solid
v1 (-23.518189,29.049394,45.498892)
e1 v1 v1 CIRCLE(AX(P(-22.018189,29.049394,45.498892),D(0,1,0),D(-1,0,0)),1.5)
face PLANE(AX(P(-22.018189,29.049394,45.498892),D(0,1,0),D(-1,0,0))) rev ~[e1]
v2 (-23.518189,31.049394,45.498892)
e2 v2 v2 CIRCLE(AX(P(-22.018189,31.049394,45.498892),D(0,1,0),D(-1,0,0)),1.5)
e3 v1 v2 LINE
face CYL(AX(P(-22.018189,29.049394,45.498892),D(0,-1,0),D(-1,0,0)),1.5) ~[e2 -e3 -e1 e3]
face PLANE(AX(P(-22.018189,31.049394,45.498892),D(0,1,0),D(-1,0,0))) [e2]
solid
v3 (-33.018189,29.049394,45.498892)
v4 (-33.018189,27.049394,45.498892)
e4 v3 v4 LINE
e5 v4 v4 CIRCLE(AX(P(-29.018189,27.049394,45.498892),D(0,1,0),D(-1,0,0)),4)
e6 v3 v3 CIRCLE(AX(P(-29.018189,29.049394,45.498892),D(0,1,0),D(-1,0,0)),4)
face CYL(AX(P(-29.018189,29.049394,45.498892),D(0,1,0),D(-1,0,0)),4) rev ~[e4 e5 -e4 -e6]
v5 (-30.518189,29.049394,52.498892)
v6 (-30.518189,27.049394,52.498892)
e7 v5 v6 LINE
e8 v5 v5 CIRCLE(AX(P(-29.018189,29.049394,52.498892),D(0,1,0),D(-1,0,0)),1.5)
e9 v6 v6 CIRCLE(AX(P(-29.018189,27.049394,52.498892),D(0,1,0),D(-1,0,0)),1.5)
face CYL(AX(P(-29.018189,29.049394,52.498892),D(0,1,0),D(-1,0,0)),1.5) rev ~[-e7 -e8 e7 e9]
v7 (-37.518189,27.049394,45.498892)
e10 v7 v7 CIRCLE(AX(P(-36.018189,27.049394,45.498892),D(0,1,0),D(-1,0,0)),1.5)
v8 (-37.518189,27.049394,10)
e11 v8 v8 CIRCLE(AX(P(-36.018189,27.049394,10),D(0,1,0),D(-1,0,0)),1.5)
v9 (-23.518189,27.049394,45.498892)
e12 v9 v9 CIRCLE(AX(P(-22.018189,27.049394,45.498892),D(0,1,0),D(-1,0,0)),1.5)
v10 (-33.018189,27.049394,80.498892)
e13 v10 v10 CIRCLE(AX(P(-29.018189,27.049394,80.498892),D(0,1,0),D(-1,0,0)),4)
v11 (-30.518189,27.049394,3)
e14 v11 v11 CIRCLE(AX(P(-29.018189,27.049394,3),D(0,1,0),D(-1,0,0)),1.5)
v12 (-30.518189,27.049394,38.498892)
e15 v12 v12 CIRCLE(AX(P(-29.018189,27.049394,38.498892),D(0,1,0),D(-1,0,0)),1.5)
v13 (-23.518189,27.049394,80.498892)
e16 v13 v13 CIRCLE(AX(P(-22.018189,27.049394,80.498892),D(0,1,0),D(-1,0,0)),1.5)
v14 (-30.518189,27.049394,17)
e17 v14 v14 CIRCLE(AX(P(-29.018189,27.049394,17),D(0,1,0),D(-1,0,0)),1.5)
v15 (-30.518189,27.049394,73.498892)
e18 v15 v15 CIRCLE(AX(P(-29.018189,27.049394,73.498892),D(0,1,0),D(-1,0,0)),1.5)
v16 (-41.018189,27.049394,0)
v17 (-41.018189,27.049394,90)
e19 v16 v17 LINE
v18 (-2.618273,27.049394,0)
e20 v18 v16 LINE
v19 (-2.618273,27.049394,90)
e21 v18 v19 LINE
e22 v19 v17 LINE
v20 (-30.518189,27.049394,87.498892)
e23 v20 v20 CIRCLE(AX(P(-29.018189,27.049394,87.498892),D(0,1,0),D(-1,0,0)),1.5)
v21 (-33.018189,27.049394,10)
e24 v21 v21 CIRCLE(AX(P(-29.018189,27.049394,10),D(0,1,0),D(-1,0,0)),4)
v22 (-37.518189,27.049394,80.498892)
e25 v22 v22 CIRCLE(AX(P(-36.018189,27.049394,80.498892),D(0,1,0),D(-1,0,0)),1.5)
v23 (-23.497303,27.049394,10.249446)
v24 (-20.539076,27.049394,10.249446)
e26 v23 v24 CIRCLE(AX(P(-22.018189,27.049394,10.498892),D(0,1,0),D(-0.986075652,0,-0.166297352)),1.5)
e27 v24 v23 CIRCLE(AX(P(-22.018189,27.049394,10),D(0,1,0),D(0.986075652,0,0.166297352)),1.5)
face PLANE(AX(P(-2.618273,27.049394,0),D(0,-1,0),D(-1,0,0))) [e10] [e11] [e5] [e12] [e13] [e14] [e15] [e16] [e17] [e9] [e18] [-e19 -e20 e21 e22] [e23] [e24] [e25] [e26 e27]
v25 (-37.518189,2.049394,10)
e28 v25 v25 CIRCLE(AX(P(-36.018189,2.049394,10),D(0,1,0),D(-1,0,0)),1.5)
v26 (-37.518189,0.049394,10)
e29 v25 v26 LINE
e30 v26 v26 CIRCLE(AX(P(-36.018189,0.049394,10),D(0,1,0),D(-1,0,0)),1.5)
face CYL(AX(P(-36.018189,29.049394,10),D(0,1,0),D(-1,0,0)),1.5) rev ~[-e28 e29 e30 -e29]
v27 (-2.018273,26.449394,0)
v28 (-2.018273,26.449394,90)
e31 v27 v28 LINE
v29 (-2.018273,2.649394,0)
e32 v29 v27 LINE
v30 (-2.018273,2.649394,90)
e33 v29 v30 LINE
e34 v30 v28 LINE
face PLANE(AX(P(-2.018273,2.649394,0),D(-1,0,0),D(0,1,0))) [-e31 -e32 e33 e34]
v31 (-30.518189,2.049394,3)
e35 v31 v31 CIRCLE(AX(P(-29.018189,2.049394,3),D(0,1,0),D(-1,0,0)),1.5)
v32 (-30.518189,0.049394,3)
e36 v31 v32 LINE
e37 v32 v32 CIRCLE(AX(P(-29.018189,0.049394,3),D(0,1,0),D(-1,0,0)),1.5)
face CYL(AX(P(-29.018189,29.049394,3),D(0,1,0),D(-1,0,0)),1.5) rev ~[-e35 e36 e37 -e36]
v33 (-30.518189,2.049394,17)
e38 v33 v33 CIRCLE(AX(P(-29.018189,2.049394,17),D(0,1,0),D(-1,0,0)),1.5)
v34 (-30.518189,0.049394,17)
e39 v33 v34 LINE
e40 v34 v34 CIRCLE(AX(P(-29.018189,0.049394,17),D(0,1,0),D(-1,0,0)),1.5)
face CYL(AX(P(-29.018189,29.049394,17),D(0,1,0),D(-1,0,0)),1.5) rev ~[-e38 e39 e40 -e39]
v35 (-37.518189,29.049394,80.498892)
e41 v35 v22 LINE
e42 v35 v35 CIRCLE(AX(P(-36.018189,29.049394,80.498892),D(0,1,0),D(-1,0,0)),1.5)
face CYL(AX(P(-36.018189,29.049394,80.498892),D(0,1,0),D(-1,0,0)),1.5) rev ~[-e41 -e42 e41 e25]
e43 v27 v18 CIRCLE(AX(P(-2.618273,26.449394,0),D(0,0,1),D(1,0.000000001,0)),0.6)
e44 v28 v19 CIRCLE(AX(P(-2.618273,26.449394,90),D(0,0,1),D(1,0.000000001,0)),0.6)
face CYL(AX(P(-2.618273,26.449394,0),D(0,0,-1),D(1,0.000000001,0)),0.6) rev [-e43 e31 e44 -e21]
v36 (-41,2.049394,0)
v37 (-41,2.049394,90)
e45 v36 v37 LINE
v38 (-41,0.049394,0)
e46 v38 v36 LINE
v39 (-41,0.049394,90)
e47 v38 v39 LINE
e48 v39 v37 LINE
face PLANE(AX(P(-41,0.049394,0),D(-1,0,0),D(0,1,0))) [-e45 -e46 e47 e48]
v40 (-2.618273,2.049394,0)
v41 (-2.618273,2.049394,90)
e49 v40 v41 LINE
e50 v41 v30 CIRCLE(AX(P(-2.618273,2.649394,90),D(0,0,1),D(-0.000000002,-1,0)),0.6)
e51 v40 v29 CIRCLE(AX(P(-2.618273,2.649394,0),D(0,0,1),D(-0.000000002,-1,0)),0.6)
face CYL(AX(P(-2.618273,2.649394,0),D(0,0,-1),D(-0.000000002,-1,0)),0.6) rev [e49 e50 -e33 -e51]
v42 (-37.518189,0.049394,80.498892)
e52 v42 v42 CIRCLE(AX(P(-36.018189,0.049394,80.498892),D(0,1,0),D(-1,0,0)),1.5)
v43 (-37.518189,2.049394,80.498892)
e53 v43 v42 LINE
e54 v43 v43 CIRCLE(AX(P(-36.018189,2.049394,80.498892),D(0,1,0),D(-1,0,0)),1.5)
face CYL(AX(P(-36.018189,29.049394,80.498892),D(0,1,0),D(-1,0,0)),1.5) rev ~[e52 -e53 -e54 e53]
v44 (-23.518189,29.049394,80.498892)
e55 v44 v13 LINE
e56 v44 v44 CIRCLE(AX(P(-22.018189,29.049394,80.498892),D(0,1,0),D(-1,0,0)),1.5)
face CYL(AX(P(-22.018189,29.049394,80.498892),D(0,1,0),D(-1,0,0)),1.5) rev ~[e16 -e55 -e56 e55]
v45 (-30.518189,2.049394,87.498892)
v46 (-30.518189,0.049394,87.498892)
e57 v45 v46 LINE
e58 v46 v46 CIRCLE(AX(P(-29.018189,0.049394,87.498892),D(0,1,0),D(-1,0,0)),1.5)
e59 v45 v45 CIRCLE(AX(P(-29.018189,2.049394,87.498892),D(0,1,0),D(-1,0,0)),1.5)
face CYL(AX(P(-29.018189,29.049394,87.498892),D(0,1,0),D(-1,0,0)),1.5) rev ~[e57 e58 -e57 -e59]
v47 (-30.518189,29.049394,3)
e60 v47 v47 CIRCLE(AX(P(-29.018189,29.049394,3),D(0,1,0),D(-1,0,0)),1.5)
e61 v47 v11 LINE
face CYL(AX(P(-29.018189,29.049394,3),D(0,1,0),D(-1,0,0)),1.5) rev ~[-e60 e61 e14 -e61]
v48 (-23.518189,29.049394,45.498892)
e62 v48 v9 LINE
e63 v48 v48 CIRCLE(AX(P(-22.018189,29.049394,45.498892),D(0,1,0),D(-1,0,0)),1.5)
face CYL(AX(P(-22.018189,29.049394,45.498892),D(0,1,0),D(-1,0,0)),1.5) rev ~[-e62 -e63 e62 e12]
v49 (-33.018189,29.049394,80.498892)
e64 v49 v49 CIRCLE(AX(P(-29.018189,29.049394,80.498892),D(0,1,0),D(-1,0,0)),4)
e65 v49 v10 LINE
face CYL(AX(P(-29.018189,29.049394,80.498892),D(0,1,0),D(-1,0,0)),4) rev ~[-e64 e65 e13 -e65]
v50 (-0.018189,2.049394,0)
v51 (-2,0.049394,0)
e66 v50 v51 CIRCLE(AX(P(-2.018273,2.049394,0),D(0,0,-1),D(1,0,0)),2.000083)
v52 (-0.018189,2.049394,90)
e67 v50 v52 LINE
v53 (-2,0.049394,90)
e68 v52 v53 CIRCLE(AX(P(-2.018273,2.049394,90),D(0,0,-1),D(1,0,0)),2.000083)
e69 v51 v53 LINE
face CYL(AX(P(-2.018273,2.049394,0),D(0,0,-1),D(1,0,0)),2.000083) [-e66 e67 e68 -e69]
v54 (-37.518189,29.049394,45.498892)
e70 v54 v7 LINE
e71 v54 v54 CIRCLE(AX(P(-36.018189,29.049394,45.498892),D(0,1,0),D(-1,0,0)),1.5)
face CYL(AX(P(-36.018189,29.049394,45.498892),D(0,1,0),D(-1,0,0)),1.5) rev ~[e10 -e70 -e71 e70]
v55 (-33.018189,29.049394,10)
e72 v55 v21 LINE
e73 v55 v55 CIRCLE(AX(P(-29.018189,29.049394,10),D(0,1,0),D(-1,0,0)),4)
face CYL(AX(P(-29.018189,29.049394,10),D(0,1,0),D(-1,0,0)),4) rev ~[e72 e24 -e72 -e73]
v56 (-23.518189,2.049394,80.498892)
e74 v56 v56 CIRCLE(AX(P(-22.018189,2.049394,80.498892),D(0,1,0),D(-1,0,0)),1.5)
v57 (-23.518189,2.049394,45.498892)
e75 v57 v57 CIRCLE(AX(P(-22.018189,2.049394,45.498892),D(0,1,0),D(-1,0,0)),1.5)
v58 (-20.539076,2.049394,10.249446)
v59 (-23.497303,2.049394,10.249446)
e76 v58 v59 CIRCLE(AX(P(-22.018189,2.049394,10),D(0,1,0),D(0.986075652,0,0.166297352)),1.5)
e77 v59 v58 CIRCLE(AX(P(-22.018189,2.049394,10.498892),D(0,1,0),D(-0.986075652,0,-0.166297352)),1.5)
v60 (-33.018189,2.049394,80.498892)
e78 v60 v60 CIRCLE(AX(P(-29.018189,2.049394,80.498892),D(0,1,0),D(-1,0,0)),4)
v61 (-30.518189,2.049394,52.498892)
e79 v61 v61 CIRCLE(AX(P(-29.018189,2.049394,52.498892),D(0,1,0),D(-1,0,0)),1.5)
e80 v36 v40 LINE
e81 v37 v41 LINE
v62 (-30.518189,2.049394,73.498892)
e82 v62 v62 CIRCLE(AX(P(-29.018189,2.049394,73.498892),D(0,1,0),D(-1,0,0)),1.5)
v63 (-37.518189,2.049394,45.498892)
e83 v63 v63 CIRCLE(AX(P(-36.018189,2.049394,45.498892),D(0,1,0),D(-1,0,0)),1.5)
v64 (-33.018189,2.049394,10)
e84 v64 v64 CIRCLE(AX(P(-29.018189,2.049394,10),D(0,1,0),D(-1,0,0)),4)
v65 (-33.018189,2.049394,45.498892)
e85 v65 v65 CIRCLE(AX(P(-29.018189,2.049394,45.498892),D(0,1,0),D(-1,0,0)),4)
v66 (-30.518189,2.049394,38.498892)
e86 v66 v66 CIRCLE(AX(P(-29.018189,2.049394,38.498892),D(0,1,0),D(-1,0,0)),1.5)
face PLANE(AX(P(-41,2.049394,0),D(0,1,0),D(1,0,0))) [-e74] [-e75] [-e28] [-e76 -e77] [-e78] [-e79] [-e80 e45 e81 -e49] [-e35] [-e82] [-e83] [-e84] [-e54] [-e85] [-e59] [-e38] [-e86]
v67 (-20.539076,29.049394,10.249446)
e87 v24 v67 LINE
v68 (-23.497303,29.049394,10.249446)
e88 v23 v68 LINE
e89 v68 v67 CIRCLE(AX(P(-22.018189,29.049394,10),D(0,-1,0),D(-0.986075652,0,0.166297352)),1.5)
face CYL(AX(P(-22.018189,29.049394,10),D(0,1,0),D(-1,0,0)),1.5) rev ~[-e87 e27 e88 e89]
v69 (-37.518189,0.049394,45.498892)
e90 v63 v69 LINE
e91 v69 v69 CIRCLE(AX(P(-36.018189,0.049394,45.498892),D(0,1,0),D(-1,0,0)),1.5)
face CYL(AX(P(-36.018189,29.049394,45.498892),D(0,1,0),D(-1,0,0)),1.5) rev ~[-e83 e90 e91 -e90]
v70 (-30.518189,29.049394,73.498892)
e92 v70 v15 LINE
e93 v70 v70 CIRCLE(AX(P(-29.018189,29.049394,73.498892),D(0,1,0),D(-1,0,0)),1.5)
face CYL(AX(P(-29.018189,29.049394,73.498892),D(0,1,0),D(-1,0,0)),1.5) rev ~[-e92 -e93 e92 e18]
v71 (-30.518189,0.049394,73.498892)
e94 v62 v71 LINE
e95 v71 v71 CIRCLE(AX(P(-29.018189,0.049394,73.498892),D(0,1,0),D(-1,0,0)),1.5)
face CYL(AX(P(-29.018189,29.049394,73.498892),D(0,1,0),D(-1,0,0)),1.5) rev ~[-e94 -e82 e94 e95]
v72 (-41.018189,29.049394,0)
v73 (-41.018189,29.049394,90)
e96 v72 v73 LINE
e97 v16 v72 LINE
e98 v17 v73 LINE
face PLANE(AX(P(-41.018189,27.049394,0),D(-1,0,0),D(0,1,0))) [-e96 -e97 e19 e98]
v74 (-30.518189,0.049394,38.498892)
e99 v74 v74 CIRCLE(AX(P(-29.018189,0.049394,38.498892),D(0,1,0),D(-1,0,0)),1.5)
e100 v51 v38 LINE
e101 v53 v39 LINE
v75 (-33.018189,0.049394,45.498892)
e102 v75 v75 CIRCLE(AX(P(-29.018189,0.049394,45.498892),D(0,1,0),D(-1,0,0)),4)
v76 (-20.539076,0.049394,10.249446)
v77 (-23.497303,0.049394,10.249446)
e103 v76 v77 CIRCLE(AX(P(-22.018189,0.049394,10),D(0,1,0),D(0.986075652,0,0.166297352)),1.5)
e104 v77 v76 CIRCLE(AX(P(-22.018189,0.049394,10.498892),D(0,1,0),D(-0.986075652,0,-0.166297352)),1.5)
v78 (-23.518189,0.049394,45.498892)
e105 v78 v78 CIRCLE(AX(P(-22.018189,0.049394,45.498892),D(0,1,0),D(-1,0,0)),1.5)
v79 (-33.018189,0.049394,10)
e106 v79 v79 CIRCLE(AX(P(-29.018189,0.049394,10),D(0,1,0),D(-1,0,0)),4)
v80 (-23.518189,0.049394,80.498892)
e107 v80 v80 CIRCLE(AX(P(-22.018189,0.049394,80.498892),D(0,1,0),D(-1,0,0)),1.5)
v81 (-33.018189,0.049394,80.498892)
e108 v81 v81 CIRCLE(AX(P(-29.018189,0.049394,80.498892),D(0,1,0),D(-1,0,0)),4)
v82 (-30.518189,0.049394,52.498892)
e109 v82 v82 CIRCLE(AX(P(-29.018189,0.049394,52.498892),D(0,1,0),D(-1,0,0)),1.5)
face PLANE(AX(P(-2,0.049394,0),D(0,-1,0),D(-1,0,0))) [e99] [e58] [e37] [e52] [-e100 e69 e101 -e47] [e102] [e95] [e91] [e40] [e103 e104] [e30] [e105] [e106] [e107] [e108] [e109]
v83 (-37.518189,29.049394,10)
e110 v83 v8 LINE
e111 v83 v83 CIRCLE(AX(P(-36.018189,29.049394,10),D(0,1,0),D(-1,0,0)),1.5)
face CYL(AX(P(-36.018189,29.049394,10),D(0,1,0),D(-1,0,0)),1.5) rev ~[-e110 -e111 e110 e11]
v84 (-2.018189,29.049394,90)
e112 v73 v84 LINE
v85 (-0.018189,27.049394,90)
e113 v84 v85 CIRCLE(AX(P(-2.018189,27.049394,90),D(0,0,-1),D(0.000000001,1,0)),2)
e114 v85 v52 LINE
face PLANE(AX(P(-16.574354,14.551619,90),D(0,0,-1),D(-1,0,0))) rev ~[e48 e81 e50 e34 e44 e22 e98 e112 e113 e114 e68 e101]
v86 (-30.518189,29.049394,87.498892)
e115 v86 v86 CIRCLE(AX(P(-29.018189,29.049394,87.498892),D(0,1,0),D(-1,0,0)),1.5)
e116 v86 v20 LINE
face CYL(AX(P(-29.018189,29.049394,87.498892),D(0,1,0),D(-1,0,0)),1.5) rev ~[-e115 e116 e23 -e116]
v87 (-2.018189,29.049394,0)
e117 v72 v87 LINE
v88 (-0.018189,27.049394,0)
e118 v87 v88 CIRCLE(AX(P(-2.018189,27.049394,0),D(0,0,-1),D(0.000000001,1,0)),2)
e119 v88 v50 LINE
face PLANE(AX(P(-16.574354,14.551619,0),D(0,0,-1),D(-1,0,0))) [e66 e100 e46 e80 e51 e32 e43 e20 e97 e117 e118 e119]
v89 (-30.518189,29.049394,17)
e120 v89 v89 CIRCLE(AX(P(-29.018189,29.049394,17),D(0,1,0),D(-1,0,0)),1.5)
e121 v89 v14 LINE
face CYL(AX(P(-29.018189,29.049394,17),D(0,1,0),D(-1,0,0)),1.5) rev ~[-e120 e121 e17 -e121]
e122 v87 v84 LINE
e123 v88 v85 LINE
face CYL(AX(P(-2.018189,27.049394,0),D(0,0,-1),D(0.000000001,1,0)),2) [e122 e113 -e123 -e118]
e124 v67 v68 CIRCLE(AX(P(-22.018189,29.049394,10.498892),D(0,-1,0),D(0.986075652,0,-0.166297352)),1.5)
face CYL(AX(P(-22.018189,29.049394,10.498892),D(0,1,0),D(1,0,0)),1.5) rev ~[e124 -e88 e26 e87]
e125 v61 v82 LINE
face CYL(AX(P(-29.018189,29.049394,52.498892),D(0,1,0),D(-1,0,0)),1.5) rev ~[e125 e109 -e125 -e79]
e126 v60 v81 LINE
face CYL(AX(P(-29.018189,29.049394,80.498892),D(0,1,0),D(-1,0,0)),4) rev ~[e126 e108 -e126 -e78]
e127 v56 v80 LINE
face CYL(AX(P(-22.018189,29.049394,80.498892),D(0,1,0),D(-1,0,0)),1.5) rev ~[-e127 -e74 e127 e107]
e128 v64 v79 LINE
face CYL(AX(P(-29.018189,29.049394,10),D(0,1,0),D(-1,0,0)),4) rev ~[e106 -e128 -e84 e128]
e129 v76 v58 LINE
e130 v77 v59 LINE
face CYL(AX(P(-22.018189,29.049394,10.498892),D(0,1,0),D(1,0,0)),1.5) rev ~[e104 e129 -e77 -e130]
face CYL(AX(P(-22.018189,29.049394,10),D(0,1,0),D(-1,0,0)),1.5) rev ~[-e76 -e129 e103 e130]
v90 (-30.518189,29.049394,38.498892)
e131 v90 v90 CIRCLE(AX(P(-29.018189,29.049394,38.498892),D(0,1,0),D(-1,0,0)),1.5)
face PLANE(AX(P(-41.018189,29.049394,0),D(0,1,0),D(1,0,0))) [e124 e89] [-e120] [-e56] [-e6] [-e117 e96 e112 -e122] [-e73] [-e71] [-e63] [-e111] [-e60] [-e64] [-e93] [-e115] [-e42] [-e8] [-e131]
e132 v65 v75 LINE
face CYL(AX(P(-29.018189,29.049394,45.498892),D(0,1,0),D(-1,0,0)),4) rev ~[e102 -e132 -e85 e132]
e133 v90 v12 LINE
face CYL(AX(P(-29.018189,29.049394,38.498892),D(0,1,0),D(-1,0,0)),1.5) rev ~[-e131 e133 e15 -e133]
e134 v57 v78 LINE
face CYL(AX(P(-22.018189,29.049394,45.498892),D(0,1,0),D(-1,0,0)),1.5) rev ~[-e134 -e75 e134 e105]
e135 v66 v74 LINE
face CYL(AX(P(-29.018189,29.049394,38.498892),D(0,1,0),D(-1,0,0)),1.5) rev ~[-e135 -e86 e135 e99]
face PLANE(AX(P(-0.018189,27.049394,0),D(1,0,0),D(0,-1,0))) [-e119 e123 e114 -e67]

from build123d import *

# Parameters (mm, degrees)
BOSS_EXTRUDE1_DEPTH = 90
SKETCH4_R           = 1.5
SKETCH4_R_2         = 4
CUT_EXTRUDE1_DEPTH  = 31
SKETCH6_R           = 4
SKETCH6_R_2         = 1.5
CUT_EXTRUDE2_DEPTH  = 31
SKETCH7_R           = 1.5
BOSS_EXTRUDE2_DEPTH = 2


with BuildPart() as part:
    # Sketch3 → Boss-Extrude1 (new body)
    with BuildSketch(Plane.XY):
        with BuildLine():
            Line((-2, 0.049393959), (-41, 0.049393959))
            Line((-41, 0.049393959), (-41, 2.049393959))
            Line((-41, 2.049393959), (-2.618272552, 2.049393959))
            ThreePointArc((-2.618272552, 2.049393959), (-2.194008483, 2.22512989), (-2.018272552, 2.649393959))
            Line((-2.018272552, 2.649393959), (-2.018272552, 26.449393959))
            ThreePointArc((-2.018272552, 26.449393959), (-2.194008483, 26.873658027), (-2.618272552, 27.049393959))
            Line((-2.618272552, 27.049393959), (-41.018189082, 27.049393959))
            Line((-41.018189082, 27.049393959), (-41.018189082, 29.049393959))
            Line((-41.018189082, 29.049393959), (-2.018189082, 29.049393959))
            ThreePointArc((-2.018189082, 29.049393959), (-0.60397552, 28.463607521), (-0.018189082, 27.049393959))
            Line((-0.018189082, 27.049393959), (-0.018189082, 2.049393959))
            ThreePointArc((-0.018189082, 2.049393959), (-0.597554333, 0.64159652), (-2, 0.049393959))
        make_face()
    extrude(amount=BOSS_EXTRUDE1_DEPTH)

    # Sketch4 → Cut-Extrude1 (cut)
    with BuildSketch(Plane(origin=(0, 29.049393959, 0), x_dir=(1, 0, 0), z_dir=(0, 1, 0))):
        with Locations(Location((-29.018189082, -3, 0), (0, 0, 180))):
            Circle(SKETCH4_R)
        with Locations(Location((-36.018189082, -10, 0), (0, 0, 180))):
            Circle(SKETCH4_R)
        with Locations(Location((-29.018189082, -10, 0), (0, 0, 180))):
            Circle(SKETCH4_R_2)
        with Locations(Location((-22.018189082, -10, 0), (0, 0, 180))):
            Circle(SKETCH4_R)
        with Locations(Location((-29.018189082, -17, 0), (0, 0, 180))):
            Circle(SKETCH4_R)
    extrude(amount=-CUT_EXTRUDE1_DEPTH, mode=Mode.SUBTRACT)

    # Sketch6 → Cut-Extrude2 (cut)
    with BuildSketch(Plane(origin=(0, 29.049393959, 0), x_dir=(1, 0, 0), z_dir=(0, 1, 0))):
        with Locations(Location((-29.018189082, -45.498892055, 0), (0, 0, 180))):
            Circle(SKETCH6_R)
        with Locations(Location((-29.018189082, -80.498892055, 0), (0, 0, 180))):
            Circle(SKETCH6_R)
        with Locations(Location((-36.018189082, -45.498892055, 0), (0, 0, 180))):
            Circle(SKETCH6_R_2)
        with Locations(Location((-36.018189082, -80.498892055, 0), (0, 0, 180))):
            Circle(SKETCH6_R_2)
        with Locations((5.981810918, -52.498892055)):
            Circle(SKETCH6_R_2)
        with Locations(Location((-29.018189082, -52.498892055, 0), (0, 0, 180))):
            Circle(SKETCH6_R_2)
        with Locations((-22.018189082, -10.498892055)):
            Circle(SKETCH6_R_2)
        with Locations(Location((-22.018189082, -45.498892055, 0), (0, 0, 180))):
            Circle(SKETCH6_R_2)
        with Locations((-64.018189082, -38.498892055)):
            Circle(SKETCH6_R_2)
        with Locations(Location((-29.018189082, -38.498892055, 0), (0, 0, 180))):
            Circle(SKETCH6_R_2)
        with Locations(Location((-29.018189082, -73.498892055, 0), (0, 0, 180))):
            Circle(SKETCH6_R_2)
        with Locations(Location((-22.018189082, -80.498892055, 0), (0, 0, 180))):
            Circle(SKETCH6_R_2)
        with Locations(Location((-29.018189082, -87.498892055, 0), (0, 0, 180))):
            Circle(SKETCH6_R_2)
    extrude(amount=-CUT_EXTRUDE2_DEPTH, mode=Mode.SUBTRACT)


with BuildPart() as body_2:
    # Sketch7 → Boss-Extrude2 (new body)
    with BuildSketch(Plane(origin=(0, 29.049393959, 0), x_dir=(1, 0, 0), z_dir=(0, 1, 0))):
        with Locations(Location((-22.018189082, -45.498892055, 0), (0, 0, 180))):
            Circle(SKETCH7_R)
    extrude(amount=BOSS_EXTRUDE2_DEPTH)


solid = Compound([part.part, body_2.part])
